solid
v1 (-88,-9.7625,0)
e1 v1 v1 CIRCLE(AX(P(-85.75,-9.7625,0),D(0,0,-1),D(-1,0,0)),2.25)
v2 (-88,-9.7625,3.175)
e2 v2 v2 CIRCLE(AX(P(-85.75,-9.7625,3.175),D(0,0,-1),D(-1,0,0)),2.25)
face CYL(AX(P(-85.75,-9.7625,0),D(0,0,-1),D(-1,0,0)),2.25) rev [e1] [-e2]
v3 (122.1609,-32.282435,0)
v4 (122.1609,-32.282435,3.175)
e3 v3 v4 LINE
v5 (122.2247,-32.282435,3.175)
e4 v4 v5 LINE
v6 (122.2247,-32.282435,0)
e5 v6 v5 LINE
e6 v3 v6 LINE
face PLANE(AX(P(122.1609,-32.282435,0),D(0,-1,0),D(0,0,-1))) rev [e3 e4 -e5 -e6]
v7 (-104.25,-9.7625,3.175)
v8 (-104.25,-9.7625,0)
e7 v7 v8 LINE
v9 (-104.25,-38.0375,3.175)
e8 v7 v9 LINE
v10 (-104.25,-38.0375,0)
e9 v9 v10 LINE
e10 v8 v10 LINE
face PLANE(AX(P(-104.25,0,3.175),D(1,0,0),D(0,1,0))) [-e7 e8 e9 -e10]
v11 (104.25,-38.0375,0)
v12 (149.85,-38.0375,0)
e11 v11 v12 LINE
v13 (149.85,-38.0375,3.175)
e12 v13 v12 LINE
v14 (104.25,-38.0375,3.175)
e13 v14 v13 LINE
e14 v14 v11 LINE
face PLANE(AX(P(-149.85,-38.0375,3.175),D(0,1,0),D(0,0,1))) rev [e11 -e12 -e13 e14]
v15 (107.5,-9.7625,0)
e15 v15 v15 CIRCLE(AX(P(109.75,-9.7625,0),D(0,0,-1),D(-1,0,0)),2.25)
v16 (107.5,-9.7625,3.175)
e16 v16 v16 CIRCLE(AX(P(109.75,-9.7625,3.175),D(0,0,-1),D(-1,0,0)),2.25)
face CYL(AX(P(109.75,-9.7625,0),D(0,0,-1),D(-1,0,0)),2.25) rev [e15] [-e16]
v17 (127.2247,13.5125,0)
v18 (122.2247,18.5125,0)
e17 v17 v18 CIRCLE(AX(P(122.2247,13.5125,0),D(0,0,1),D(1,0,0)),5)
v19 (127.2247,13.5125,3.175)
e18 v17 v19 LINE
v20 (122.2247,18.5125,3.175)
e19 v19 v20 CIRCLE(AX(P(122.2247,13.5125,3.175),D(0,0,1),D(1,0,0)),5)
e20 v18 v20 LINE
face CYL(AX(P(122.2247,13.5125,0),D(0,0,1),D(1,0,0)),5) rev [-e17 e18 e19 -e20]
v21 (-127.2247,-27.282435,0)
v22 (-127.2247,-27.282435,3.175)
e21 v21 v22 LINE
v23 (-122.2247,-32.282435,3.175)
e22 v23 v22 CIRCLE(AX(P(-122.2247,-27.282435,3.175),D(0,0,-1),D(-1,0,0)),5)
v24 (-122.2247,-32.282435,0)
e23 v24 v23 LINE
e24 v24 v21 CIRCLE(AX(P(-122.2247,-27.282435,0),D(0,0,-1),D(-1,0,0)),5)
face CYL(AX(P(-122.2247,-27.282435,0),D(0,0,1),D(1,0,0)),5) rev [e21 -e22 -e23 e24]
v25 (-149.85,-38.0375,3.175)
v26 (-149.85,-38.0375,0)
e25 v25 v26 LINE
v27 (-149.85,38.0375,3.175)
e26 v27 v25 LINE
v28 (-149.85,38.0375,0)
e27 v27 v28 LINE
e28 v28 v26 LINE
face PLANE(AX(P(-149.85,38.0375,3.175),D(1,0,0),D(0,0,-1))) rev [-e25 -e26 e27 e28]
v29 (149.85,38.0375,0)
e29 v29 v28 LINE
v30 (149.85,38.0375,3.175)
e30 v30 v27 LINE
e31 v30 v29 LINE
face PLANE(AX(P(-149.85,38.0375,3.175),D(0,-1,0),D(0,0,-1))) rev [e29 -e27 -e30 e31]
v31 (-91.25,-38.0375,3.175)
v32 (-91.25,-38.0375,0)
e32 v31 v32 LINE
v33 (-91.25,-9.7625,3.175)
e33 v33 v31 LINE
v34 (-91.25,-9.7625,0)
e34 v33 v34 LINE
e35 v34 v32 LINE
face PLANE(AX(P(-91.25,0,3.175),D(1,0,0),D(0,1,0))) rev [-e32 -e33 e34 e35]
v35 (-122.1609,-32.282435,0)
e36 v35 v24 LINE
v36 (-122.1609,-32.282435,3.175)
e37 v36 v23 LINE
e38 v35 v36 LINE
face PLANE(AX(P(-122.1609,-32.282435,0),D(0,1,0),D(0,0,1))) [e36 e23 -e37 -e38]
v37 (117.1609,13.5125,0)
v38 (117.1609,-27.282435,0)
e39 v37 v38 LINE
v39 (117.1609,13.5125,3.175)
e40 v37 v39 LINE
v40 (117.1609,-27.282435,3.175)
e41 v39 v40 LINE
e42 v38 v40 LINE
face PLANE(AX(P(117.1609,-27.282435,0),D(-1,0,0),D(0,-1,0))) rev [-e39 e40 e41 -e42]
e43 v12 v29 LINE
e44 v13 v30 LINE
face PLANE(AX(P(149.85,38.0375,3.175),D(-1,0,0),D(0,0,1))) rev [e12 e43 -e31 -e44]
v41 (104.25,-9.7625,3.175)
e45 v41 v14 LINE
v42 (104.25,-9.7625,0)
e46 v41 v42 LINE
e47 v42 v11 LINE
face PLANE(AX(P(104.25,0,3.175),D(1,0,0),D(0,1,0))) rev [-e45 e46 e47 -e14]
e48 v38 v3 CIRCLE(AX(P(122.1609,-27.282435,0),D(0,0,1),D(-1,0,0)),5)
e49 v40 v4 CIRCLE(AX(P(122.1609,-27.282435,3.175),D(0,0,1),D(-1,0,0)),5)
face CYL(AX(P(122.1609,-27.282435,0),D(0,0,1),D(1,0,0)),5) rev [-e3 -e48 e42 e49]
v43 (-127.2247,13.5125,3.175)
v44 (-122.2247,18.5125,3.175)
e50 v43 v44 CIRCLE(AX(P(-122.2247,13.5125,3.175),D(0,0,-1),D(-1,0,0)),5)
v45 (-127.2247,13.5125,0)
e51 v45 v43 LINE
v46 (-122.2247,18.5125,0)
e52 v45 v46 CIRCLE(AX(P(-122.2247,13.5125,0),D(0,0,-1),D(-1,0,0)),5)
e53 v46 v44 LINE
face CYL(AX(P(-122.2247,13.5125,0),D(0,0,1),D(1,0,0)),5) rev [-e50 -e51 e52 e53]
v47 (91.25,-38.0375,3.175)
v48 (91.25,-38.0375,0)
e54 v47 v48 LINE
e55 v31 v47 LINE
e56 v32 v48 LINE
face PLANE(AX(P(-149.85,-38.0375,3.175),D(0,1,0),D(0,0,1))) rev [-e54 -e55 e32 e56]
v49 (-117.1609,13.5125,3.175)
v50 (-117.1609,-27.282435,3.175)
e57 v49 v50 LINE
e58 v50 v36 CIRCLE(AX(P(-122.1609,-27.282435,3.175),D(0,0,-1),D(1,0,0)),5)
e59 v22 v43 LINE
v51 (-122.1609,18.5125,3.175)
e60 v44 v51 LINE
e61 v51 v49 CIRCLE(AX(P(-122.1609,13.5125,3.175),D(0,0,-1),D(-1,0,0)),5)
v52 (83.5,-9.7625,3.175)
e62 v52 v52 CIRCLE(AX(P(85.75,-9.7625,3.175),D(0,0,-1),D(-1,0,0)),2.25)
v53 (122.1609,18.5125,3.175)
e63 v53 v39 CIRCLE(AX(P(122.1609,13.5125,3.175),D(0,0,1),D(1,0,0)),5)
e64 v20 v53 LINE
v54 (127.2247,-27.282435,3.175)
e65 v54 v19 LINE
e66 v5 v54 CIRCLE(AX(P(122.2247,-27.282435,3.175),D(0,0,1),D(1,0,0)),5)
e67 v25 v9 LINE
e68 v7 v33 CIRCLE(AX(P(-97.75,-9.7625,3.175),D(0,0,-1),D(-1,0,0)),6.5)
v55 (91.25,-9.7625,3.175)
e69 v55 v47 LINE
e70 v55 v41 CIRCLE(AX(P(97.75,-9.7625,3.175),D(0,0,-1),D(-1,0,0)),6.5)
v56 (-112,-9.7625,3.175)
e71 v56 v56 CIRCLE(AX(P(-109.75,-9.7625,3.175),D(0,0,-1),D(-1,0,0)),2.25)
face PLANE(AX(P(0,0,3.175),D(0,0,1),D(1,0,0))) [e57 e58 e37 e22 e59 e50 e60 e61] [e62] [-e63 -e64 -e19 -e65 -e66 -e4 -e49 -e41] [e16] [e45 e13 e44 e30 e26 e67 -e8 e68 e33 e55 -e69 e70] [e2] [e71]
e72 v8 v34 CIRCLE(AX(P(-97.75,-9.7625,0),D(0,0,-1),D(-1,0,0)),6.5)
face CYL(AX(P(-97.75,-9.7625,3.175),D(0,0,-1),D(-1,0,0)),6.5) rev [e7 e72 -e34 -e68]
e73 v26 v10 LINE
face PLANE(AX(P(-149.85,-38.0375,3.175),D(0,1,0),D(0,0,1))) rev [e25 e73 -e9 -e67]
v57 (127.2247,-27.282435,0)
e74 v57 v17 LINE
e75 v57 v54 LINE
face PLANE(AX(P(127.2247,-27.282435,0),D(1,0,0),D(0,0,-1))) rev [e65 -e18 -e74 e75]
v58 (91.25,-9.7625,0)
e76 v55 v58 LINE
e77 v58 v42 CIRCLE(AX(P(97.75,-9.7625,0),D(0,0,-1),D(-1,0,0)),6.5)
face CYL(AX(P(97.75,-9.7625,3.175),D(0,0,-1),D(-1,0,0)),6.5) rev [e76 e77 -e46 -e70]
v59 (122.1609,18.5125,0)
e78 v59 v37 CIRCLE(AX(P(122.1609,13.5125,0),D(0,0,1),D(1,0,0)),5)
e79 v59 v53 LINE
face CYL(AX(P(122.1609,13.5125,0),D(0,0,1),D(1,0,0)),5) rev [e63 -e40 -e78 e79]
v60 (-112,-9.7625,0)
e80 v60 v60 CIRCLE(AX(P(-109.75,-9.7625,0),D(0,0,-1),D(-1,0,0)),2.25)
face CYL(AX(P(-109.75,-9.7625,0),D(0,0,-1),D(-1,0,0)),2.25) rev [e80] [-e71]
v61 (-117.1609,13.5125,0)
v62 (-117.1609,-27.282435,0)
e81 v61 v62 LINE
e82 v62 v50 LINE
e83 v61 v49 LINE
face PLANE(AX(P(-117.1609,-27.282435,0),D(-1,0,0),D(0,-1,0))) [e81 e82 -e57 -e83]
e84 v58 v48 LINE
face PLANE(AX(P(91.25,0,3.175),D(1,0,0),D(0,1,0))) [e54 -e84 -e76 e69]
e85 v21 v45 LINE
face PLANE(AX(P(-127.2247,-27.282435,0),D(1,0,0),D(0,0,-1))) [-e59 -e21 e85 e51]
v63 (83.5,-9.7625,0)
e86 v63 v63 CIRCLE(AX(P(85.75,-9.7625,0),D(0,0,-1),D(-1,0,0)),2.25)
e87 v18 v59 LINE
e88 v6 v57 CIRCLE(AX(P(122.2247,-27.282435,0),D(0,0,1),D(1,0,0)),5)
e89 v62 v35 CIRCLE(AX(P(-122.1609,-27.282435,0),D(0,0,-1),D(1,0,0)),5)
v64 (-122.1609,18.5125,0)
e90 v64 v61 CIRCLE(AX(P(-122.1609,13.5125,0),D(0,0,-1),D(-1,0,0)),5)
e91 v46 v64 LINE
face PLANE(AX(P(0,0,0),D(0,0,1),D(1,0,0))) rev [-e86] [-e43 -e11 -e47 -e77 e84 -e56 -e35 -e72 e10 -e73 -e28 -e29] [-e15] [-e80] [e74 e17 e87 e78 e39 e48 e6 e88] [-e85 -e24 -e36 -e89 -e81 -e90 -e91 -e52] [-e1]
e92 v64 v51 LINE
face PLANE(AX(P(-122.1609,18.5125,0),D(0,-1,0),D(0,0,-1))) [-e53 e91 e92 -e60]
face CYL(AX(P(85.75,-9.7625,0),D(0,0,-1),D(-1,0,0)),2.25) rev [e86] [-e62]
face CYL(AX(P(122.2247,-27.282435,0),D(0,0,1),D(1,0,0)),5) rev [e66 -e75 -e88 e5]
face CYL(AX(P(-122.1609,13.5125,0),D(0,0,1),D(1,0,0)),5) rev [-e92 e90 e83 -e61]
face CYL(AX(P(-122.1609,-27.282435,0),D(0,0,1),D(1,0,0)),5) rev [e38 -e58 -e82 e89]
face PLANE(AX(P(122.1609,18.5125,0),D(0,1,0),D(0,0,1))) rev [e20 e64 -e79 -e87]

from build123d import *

# Parameters (mm, degrees)
SKETCH1_W            = 299.7
SKETCH1_H            = 76.075
BOSS_EXTRUDE1_DEPTH  = 3.175
CUT_EXTRUDE4_DEPTH   = 155.634907221
SKETCH3_R            = 6.5
CUT_EXTRUDE5_DEPTH   = 155.634907221
M4_CLEARANCE_HOLE1_D = 4.5


with BuildPart() as part:
    # Sketch1 → Boss-Extrude1 (new body)
    with BuildSketch(Plane.XY):
        Rectangle(SKETCH1_W, SKETCH1_H)
    extrude(amount=BOSS_EXTRUDE1_DEPTH)

    # Sketch8 → Cut-Extrude4 (cut, through all)
    with BuildSketch(Plane.XY.offset(3.175)):
        with BuildLine():
            Line((122.1609, 18.5125), (122.2247, 18.5125))
            ThreePointArc((122.2247, 18.5125), (125.760233906, 17.048033906), (127.2247, 13.5125))
            Line((127.2247, 13.5125), (127.2247, -27.282435401))
            ThreePointArc((127.2247, -27.282435401), (125.760233906, -30.817969307), (122.2247, -32.282435401))
            Line((122.2247, -32.282435401), (122.1609, -32.282435401))
            ThreePointArc((122.1609, -32.282435401), (118.625366094, -30.817969307), (117.1609, -27.282435401))
            Line((117.1609, -27.282435401), (117.1609, 13.5125))
            ThreePointArc((117.1609, 13.5125), (118.625366094, 17.048033906), (122.1609, 18.5125))
        make_face()
    cut_extrude4 = extrude(amount=-CUT_EXTRUDE4_DEPTH, mode=Mode.SUBTRACT)

    # Mirror3: Cut-Extrude4 across plane
    add(cut_extrude4.mirror(Plane(origin=(0, 0, 0), x_dir=(0, 0, 1), z_dir=(1, 0, 0))), mode=Mode.SUBTRACT)

    # Sketch3 → Cut-Extrude5 (cut, through all)
    with BuildSketch(Plane(origin=(0, 0, 0), x_dir=(-1, 0, 0), z_dir=(0, 0, -1))):
        with Locations((-97.75, -9.7625)):
            Circle(SKETCH3_R)
        with BuildLine():
            Line((-104.25, -38.0375), (-91.25, -38.0375))
            Line((-91.25, -38.0375), (-91.25, -9.7625))
            ThreePointArc((-91.25, -9.7625), (-97.75, -16.2625), (-104.25, -9.7625))
            Line((-104.25, -9.7625), (-104.25, -38.0375))
        make_face()
        with Locations((97.75, -9.7625)):
            Circle(SKETCH3_R)
        with BuildLine():
            Line((91.25, -38.0375), (104.25, -38.0375))
            Line((104.25, -38.0375), (104.25, -9.7625))
            ThreePointArc((104.25, -9.7625), (97.75, -16.2625), (91.25, -9.7625))
            Line((91.25, -9.7625), (91.25, -38.0375))
        make_face()
    extrude(amount=-CUT_EXTRUDE5_DEPTH, mode=Mode.SUBTRACT)

    # M4 Clearance Hole1 (through all)
    with Locations(Plane(origin=(0, 0, 0), x_dir=(-1, 0, 0), z_dir=(0, 0, -1))):
        with Locations((-85.75, -9.7625), (-109.75, -9.7625), (109.75, -9.7625), (85.75, -9.7625)):
            Hole(M4_CLEARANCE_HOLE1_D / 2)


solid = part.part
